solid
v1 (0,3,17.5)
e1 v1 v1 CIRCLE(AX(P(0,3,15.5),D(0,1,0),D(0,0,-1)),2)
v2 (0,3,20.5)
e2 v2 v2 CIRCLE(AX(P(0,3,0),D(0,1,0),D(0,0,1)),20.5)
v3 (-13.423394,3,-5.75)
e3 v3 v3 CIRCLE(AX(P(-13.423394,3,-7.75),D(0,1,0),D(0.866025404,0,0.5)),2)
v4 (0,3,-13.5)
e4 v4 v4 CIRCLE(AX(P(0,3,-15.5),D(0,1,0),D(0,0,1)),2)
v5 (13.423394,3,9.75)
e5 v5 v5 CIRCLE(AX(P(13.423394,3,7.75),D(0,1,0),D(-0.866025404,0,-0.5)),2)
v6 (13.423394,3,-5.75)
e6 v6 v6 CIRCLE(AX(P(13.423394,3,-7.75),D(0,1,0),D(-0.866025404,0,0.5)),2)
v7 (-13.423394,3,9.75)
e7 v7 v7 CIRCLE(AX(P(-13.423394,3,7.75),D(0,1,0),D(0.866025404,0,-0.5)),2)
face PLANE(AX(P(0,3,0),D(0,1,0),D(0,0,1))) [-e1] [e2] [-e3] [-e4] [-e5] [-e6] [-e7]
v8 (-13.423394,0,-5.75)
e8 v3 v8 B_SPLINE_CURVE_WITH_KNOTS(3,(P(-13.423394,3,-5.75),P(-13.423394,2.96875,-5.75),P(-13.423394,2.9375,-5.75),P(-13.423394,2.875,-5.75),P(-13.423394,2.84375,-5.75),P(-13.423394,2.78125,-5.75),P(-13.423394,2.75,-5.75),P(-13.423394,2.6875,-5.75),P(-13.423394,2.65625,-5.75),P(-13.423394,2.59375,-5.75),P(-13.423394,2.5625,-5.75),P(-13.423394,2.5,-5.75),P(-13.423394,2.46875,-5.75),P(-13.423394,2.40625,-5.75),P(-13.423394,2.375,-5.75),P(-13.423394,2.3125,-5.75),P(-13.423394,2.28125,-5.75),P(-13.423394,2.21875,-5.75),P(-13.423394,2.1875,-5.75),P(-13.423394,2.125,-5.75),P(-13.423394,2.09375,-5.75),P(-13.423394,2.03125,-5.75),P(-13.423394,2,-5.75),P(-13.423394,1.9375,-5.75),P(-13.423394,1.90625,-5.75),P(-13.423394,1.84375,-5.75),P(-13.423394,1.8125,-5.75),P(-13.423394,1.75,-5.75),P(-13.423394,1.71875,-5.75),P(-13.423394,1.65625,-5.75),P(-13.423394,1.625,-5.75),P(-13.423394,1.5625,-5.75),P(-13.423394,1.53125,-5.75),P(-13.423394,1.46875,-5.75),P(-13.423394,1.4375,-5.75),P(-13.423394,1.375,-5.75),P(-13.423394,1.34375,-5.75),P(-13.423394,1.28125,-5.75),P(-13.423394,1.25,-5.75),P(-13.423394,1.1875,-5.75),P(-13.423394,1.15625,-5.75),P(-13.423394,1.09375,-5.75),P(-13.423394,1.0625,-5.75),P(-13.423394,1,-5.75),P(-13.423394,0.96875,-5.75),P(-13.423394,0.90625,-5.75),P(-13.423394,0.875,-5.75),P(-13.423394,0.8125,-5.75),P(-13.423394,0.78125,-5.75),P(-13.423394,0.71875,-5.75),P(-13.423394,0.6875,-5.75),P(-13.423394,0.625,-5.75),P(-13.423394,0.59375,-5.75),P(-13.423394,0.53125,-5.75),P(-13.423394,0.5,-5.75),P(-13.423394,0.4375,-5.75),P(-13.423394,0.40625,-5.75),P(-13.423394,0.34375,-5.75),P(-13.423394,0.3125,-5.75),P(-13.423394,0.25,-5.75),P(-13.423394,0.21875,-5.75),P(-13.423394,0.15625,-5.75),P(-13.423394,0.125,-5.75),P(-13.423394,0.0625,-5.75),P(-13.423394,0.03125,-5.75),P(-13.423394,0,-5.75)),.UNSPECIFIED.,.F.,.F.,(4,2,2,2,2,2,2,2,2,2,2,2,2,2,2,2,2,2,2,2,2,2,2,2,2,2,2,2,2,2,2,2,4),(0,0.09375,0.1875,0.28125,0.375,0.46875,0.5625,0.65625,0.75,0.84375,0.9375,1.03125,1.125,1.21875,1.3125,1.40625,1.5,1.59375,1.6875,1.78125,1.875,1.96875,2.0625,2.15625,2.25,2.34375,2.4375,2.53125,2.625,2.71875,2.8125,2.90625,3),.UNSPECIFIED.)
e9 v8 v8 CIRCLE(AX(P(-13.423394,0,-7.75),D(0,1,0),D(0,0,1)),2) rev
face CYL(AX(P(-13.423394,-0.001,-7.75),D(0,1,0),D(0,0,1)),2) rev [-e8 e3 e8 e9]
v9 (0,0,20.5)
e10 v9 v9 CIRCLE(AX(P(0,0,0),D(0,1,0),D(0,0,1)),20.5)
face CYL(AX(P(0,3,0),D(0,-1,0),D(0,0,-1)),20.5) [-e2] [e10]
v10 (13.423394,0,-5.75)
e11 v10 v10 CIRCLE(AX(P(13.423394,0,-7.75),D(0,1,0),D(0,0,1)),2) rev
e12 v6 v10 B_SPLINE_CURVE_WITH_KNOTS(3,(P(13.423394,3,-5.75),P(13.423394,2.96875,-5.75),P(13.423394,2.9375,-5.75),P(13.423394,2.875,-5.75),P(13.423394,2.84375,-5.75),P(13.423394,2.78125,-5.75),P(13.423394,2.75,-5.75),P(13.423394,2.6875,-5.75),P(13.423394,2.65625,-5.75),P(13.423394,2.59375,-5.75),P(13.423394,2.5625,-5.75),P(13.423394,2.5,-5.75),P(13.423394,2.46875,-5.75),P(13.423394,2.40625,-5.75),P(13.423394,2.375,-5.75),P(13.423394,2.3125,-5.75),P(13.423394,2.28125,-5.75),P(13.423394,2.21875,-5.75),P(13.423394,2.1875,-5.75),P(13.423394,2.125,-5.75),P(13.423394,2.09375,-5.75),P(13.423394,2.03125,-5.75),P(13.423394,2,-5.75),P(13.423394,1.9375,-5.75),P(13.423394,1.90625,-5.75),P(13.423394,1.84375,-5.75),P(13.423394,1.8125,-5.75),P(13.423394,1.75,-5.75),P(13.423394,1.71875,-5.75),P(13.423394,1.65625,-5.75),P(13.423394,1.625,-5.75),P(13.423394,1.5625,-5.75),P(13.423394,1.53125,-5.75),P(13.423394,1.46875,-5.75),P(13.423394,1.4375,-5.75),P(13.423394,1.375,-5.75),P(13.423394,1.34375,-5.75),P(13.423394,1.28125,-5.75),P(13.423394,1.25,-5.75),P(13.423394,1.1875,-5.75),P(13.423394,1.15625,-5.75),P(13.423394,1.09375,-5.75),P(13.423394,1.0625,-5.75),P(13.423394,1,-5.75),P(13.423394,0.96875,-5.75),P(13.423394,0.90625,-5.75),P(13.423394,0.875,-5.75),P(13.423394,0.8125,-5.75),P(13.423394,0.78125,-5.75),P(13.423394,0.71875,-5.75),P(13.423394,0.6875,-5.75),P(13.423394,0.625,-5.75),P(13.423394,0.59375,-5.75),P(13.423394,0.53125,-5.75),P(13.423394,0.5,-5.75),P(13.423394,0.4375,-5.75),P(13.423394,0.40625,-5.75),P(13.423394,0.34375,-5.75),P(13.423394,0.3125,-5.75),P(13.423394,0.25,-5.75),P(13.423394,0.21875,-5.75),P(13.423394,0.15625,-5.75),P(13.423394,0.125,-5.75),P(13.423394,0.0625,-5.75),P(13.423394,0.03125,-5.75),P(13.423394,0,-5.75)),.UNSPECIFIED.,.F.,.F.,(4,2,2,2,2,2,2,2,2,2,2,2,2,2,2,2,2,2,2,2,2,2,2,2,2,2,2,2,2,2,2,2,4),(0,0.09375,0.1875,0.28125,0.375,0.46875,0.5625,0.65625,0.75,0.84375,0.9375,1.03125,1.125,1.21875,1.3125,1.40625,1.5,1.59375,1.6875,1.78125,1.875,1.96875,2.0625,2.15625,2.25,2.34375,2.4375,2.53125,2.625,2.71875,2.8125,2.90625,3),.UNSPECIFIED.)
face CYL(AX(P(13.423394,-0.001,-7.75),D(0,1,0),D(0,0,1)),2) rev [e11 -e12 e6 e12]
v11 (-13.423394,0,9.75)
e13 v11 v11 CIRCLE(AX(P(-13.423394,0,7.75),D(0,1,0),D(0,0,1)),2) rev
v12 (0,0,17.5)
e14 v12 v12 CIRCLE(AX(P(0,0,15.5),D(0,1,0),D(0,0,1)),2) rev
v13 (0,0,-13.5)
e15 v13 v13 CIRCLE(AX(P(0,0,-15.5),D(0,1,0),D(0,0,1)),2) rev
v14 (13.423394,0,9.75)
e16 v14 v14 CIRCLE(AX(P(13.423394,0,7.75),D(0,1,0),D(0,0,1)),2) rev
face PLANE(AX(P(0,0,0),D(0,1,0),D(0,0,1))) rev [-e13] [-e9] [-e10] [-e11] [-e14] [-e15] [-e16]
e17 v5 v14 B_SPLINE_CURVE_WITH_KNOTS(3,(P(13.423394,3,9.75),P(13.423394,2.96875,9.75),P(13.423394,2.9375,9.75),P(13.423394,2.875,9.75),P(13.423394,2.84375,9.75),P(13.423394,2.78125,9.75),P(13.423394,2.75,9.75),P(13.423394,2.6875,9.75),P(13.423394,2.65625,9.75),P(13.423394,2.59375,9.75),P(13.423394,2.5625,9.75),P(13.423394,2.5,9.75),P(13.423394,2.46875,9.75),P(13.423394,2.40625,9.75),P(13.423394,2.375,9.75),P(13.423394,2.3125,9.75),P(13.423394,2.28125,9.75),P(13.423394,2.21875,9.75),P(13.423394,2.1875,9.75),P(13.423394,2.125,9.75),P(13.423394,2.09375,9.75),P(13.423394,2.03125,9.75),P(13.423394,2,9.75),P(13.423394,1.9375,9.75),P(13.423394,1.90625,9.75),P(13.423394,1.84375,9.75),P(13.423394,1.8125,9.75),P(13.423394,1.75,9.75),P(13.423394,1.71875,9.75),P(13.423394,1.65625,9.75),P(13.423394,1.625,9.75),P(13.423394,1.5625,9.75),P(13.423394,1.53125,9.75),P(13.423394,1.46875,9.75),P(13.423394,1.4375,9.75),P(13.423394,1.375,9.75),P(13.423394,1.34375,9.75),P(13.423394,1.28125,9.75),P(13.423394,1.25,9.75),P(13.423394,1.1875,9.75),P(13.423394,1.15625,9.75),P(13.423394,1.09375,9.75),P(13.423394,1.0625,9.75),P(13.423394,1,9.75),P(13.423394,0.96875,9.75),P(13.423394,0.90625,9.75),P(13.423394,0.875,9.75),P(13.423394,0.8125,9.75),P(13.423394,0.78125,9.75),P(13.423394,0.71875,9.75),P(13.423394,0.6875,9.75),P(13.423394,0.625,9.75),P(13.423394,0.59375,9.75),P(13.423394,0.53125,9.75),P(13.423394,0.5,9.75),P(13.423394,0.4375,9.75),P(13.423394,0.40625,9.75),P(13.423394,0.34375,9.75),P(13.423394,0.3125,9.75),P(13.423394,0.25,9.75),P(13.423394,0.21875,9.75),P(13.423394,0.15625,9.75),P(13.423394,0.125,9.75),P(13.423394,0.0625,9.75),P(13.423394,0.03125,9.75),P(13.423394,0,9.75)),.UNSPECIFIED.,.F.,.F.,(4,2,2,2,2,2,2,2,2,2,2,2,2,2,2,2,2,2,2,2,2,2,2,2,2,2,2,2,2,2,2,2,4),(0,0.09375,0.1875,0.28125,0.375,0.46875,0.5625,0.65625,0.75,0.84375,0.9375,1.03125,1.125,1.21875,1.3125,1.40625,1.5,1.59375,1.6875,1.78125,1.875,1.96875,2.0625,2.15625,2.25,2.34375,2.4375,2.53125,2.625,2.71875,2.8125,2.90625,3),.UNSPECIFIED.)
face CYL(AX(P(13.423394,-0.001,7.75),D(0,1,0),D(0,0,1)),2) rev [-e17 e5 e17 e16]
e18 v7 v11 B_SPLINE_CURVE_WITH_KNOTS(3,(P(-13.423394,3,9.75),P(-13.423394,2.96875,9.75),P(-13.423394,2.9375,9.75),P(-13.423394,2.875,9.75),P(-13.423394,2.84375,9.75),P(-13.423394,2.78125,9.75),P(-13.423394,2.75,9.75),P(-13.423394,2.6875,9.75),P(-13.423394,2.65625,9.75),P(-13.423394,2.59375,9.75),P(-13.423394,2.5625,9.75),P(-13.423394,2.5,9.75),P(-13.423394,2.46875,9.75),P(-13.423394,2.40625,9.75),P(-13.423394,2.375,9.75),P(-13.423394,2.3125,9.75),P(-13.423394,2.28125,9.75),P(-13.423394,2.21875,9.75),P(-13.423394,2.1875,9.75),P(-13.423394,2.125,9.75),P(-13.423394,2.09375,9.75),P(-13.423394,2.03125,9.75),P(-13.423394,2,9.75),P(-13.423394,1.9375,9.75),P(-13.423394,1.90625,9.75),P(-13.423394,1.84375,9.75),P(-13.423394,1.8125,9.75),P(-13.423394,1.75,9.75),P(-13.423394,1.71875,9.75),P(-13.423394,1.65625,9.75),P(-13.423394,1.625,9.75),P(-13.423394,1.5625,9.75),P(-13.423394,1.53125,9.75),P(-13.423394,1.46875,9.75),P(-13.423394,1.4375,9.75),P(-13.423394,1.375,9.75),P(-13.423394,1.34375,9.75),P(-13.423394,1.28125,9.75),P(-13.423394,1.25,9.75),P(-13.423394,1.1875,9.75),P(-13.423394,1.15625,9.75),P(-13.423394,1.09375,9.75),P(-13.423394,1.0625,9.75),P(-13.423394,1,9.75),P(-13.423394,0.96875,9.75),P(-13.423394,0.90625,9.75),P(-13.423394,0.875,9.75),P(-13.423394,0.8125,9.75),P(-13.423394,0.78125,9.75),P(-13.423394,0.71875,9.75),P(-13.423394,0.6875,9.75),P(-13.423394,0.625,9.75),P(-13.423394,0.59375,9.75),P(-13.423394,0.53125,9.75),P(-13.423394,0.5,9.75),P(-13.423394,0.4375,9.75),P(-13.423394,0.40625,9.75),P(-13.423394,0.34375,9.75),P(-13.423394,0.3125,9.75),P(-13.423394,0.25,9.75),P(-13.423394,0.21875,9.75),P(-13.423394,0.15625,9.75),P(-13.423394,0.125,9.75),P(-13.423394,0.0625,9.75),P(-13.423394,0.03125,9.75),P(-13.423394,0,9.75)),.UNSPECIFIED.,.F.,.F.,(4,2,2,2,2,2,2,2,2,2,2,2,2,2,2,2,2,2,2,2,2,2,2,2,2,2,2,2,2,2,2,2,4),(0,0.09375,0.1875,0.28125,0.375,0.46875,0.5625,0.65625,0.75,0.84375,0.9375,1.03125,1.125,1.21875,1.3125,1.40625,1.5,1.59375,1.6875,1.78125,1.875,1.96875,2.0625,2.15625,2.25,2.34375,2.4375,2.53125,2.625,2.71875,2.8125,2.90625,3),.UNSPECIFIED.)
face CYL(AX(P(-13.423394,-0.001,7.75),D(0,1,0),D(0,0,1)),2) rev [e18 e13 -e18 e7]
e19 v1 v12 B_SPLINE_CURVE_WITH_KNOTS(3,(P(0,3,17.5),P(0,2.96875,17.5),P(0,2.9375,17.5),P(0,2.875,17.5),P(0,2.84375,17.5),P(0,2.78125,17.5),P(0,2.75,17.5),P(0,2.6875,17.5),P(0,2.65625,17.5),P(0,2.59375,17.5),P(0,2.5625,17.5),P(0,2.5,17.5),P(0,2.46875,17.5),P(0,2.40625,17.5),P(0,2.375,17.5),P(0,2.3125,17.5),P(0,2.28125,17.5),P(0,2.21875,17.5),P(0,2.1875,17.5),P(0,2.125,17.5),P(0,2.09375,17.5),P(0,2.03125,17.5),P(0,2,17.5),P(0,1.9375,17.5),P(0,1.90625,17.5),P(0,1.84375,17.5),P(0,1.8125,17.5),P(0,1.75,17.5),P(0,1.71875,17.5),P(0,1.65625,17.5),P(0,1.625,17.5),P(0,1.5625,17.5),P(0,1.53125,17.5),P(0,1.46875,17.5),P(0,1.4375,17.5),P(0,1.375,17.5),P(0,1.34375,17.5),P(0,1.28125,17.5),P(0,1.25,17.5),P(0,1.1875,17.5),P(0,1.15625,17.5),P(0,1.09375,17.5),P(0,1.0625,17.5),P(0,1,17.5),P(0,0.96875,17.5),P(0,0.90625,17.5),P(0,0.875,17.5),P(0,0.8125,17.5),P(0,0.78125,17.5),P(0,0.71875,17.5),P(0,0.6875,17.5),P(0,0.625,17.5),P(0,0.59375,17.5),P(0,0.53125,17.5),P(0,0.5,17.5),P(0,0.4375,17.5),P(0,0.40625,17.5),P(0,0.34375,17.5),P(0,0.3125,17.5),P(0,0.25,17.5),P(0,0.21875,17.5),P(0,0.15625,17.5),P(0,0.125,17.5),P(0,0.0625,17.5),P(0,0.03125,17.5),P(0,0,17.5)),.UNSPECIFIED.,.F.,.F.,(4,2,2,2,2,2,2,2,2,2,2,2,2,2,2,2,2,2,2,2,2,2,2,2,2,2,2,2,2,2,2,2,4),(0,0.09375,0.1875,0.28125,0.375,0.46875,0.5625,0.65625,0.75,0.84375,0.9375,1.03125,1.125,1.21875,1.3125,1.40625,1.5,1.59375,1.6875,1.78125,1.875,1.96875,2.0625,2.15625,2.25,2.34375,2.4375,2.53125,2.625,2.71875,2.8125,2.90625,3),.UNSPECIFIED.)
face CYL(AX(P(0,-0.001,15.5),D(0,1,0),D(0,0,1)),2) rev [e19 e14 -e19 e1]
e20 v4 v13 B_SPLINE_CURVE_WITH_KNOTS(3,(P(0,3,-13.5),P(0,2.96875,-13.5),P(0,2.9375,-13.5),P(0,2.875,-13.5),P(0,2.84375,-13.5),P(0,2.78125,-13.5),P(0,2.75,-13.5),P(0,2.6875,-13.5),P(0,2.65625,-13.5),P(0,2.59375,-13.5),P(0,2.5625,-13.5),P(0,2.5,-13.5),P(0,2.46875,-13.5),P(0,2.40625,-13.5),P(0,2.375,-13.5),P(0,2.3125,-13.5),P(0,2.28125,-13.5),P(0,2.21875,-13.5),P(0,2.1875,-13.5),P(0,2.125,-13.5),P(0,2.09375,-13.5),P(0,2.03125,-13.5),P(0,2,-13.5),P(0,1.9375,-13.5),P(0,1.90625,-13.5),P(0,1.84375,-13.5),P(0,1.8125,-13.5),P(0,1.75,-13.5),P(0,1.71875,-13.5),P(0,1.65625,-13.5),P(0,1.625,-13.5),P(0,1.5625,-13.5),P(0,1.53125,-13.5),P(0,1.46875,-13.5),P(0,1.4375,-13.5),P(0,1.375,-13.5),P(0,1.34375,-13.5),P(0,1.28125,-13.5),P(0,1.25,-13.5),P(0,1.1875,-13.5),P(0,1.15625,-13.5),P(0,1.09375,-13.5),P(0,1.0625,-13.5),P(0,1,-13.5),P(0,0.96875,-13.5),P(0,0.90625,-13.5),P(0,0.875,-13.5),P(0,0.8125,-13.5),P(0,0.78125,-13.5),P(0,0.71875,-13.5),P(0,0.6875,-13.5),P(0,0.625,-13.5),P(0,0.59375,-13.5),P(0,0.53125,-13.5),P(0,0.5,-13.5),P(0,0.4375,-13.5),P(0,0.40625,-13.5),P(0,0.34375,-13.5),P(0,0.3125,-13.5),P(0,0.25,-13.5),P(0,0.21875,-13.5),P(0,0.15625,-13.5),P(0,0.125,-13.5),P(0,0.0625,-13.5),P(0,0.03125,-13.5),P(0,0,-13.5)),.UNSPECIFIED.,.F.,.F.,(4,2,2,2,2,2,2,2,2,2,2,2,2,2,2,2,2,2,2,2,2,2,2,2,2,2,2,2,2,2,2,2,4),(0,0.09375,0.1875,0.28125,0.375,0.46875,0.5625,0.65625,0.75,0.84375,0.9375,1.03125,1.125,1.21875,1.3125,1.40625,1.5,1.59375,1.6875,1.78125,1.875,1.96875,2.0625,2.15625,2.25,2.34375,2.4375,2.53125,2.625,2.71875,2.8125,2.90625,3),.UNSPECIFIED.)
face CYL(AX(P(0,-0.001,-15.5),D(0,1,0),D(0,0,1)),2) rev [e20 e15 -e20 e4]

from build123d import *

# Parameters (mm, degrees)
SKETCH_1_R               = 20.5
EXTRUDE_1_DEPTH          = 3
CUT_EXTRUDE_1_REACH      = 31.146
SKETCH_2_R               = 2
PATTERN_CIRCULAR_1_COUNT = 6


with BuildPart() as part:
    # 草圖1 → 填料-伸長1 (new body)
    with BuildSketch(Plane(origin=(0, 0, 0), x_dir=(1, 0, 0), z_dir=(0, 1, 0))):
        with Locations(Location((0, 0, 0), (0, 0, 270))):
            Circle(SKETCH_1_R)
    extrude(amount=EXTRUDE_1_DEPTH)

    # 草圖2 → 除料-伸長1 (cut, up to next)
    with BuildSketch(Plane(origin=(0, 3, 0), x_dir=(1, 0, 0), z_dir=(0, 1, 0)), mode=Mode.PRIVATE) as cut_extrude_1_sk1:
        with Locations(Location((0, 15.5, 0), (0, 0, 270))):
            Circle(SKETCH_2_R)
    cut_extrude_1_tool1 = extrude(cut_extrude_1_sk1.sketch, amount=-CUT_EXTRUDE_1_REACH, mode=Mode.PRIVATE) & part.part
    cut_extrude_1 = cut_extrude_1_tool1.solids().sort_by_distance((0, 3, -15.5))[0]
    add(cut_extrude_1, mode=Mode.SUBTRACT)

    # 環狀複製排列1: 除料-伸長1 ×6 about axis
    pattern_circular_1_axis = Axis((0, 0, 0), (0, 1, 0))
    for i in range(1, PATTERN_CIRCULAR_1_COUNT):
        add(cut_extrude_1.rotate(pattern_circular_1_axis, i * 360 / PATTERN_CIRCULAR_1_COUNT), mode=Mode.SUBTRACT)


solid = part.part
